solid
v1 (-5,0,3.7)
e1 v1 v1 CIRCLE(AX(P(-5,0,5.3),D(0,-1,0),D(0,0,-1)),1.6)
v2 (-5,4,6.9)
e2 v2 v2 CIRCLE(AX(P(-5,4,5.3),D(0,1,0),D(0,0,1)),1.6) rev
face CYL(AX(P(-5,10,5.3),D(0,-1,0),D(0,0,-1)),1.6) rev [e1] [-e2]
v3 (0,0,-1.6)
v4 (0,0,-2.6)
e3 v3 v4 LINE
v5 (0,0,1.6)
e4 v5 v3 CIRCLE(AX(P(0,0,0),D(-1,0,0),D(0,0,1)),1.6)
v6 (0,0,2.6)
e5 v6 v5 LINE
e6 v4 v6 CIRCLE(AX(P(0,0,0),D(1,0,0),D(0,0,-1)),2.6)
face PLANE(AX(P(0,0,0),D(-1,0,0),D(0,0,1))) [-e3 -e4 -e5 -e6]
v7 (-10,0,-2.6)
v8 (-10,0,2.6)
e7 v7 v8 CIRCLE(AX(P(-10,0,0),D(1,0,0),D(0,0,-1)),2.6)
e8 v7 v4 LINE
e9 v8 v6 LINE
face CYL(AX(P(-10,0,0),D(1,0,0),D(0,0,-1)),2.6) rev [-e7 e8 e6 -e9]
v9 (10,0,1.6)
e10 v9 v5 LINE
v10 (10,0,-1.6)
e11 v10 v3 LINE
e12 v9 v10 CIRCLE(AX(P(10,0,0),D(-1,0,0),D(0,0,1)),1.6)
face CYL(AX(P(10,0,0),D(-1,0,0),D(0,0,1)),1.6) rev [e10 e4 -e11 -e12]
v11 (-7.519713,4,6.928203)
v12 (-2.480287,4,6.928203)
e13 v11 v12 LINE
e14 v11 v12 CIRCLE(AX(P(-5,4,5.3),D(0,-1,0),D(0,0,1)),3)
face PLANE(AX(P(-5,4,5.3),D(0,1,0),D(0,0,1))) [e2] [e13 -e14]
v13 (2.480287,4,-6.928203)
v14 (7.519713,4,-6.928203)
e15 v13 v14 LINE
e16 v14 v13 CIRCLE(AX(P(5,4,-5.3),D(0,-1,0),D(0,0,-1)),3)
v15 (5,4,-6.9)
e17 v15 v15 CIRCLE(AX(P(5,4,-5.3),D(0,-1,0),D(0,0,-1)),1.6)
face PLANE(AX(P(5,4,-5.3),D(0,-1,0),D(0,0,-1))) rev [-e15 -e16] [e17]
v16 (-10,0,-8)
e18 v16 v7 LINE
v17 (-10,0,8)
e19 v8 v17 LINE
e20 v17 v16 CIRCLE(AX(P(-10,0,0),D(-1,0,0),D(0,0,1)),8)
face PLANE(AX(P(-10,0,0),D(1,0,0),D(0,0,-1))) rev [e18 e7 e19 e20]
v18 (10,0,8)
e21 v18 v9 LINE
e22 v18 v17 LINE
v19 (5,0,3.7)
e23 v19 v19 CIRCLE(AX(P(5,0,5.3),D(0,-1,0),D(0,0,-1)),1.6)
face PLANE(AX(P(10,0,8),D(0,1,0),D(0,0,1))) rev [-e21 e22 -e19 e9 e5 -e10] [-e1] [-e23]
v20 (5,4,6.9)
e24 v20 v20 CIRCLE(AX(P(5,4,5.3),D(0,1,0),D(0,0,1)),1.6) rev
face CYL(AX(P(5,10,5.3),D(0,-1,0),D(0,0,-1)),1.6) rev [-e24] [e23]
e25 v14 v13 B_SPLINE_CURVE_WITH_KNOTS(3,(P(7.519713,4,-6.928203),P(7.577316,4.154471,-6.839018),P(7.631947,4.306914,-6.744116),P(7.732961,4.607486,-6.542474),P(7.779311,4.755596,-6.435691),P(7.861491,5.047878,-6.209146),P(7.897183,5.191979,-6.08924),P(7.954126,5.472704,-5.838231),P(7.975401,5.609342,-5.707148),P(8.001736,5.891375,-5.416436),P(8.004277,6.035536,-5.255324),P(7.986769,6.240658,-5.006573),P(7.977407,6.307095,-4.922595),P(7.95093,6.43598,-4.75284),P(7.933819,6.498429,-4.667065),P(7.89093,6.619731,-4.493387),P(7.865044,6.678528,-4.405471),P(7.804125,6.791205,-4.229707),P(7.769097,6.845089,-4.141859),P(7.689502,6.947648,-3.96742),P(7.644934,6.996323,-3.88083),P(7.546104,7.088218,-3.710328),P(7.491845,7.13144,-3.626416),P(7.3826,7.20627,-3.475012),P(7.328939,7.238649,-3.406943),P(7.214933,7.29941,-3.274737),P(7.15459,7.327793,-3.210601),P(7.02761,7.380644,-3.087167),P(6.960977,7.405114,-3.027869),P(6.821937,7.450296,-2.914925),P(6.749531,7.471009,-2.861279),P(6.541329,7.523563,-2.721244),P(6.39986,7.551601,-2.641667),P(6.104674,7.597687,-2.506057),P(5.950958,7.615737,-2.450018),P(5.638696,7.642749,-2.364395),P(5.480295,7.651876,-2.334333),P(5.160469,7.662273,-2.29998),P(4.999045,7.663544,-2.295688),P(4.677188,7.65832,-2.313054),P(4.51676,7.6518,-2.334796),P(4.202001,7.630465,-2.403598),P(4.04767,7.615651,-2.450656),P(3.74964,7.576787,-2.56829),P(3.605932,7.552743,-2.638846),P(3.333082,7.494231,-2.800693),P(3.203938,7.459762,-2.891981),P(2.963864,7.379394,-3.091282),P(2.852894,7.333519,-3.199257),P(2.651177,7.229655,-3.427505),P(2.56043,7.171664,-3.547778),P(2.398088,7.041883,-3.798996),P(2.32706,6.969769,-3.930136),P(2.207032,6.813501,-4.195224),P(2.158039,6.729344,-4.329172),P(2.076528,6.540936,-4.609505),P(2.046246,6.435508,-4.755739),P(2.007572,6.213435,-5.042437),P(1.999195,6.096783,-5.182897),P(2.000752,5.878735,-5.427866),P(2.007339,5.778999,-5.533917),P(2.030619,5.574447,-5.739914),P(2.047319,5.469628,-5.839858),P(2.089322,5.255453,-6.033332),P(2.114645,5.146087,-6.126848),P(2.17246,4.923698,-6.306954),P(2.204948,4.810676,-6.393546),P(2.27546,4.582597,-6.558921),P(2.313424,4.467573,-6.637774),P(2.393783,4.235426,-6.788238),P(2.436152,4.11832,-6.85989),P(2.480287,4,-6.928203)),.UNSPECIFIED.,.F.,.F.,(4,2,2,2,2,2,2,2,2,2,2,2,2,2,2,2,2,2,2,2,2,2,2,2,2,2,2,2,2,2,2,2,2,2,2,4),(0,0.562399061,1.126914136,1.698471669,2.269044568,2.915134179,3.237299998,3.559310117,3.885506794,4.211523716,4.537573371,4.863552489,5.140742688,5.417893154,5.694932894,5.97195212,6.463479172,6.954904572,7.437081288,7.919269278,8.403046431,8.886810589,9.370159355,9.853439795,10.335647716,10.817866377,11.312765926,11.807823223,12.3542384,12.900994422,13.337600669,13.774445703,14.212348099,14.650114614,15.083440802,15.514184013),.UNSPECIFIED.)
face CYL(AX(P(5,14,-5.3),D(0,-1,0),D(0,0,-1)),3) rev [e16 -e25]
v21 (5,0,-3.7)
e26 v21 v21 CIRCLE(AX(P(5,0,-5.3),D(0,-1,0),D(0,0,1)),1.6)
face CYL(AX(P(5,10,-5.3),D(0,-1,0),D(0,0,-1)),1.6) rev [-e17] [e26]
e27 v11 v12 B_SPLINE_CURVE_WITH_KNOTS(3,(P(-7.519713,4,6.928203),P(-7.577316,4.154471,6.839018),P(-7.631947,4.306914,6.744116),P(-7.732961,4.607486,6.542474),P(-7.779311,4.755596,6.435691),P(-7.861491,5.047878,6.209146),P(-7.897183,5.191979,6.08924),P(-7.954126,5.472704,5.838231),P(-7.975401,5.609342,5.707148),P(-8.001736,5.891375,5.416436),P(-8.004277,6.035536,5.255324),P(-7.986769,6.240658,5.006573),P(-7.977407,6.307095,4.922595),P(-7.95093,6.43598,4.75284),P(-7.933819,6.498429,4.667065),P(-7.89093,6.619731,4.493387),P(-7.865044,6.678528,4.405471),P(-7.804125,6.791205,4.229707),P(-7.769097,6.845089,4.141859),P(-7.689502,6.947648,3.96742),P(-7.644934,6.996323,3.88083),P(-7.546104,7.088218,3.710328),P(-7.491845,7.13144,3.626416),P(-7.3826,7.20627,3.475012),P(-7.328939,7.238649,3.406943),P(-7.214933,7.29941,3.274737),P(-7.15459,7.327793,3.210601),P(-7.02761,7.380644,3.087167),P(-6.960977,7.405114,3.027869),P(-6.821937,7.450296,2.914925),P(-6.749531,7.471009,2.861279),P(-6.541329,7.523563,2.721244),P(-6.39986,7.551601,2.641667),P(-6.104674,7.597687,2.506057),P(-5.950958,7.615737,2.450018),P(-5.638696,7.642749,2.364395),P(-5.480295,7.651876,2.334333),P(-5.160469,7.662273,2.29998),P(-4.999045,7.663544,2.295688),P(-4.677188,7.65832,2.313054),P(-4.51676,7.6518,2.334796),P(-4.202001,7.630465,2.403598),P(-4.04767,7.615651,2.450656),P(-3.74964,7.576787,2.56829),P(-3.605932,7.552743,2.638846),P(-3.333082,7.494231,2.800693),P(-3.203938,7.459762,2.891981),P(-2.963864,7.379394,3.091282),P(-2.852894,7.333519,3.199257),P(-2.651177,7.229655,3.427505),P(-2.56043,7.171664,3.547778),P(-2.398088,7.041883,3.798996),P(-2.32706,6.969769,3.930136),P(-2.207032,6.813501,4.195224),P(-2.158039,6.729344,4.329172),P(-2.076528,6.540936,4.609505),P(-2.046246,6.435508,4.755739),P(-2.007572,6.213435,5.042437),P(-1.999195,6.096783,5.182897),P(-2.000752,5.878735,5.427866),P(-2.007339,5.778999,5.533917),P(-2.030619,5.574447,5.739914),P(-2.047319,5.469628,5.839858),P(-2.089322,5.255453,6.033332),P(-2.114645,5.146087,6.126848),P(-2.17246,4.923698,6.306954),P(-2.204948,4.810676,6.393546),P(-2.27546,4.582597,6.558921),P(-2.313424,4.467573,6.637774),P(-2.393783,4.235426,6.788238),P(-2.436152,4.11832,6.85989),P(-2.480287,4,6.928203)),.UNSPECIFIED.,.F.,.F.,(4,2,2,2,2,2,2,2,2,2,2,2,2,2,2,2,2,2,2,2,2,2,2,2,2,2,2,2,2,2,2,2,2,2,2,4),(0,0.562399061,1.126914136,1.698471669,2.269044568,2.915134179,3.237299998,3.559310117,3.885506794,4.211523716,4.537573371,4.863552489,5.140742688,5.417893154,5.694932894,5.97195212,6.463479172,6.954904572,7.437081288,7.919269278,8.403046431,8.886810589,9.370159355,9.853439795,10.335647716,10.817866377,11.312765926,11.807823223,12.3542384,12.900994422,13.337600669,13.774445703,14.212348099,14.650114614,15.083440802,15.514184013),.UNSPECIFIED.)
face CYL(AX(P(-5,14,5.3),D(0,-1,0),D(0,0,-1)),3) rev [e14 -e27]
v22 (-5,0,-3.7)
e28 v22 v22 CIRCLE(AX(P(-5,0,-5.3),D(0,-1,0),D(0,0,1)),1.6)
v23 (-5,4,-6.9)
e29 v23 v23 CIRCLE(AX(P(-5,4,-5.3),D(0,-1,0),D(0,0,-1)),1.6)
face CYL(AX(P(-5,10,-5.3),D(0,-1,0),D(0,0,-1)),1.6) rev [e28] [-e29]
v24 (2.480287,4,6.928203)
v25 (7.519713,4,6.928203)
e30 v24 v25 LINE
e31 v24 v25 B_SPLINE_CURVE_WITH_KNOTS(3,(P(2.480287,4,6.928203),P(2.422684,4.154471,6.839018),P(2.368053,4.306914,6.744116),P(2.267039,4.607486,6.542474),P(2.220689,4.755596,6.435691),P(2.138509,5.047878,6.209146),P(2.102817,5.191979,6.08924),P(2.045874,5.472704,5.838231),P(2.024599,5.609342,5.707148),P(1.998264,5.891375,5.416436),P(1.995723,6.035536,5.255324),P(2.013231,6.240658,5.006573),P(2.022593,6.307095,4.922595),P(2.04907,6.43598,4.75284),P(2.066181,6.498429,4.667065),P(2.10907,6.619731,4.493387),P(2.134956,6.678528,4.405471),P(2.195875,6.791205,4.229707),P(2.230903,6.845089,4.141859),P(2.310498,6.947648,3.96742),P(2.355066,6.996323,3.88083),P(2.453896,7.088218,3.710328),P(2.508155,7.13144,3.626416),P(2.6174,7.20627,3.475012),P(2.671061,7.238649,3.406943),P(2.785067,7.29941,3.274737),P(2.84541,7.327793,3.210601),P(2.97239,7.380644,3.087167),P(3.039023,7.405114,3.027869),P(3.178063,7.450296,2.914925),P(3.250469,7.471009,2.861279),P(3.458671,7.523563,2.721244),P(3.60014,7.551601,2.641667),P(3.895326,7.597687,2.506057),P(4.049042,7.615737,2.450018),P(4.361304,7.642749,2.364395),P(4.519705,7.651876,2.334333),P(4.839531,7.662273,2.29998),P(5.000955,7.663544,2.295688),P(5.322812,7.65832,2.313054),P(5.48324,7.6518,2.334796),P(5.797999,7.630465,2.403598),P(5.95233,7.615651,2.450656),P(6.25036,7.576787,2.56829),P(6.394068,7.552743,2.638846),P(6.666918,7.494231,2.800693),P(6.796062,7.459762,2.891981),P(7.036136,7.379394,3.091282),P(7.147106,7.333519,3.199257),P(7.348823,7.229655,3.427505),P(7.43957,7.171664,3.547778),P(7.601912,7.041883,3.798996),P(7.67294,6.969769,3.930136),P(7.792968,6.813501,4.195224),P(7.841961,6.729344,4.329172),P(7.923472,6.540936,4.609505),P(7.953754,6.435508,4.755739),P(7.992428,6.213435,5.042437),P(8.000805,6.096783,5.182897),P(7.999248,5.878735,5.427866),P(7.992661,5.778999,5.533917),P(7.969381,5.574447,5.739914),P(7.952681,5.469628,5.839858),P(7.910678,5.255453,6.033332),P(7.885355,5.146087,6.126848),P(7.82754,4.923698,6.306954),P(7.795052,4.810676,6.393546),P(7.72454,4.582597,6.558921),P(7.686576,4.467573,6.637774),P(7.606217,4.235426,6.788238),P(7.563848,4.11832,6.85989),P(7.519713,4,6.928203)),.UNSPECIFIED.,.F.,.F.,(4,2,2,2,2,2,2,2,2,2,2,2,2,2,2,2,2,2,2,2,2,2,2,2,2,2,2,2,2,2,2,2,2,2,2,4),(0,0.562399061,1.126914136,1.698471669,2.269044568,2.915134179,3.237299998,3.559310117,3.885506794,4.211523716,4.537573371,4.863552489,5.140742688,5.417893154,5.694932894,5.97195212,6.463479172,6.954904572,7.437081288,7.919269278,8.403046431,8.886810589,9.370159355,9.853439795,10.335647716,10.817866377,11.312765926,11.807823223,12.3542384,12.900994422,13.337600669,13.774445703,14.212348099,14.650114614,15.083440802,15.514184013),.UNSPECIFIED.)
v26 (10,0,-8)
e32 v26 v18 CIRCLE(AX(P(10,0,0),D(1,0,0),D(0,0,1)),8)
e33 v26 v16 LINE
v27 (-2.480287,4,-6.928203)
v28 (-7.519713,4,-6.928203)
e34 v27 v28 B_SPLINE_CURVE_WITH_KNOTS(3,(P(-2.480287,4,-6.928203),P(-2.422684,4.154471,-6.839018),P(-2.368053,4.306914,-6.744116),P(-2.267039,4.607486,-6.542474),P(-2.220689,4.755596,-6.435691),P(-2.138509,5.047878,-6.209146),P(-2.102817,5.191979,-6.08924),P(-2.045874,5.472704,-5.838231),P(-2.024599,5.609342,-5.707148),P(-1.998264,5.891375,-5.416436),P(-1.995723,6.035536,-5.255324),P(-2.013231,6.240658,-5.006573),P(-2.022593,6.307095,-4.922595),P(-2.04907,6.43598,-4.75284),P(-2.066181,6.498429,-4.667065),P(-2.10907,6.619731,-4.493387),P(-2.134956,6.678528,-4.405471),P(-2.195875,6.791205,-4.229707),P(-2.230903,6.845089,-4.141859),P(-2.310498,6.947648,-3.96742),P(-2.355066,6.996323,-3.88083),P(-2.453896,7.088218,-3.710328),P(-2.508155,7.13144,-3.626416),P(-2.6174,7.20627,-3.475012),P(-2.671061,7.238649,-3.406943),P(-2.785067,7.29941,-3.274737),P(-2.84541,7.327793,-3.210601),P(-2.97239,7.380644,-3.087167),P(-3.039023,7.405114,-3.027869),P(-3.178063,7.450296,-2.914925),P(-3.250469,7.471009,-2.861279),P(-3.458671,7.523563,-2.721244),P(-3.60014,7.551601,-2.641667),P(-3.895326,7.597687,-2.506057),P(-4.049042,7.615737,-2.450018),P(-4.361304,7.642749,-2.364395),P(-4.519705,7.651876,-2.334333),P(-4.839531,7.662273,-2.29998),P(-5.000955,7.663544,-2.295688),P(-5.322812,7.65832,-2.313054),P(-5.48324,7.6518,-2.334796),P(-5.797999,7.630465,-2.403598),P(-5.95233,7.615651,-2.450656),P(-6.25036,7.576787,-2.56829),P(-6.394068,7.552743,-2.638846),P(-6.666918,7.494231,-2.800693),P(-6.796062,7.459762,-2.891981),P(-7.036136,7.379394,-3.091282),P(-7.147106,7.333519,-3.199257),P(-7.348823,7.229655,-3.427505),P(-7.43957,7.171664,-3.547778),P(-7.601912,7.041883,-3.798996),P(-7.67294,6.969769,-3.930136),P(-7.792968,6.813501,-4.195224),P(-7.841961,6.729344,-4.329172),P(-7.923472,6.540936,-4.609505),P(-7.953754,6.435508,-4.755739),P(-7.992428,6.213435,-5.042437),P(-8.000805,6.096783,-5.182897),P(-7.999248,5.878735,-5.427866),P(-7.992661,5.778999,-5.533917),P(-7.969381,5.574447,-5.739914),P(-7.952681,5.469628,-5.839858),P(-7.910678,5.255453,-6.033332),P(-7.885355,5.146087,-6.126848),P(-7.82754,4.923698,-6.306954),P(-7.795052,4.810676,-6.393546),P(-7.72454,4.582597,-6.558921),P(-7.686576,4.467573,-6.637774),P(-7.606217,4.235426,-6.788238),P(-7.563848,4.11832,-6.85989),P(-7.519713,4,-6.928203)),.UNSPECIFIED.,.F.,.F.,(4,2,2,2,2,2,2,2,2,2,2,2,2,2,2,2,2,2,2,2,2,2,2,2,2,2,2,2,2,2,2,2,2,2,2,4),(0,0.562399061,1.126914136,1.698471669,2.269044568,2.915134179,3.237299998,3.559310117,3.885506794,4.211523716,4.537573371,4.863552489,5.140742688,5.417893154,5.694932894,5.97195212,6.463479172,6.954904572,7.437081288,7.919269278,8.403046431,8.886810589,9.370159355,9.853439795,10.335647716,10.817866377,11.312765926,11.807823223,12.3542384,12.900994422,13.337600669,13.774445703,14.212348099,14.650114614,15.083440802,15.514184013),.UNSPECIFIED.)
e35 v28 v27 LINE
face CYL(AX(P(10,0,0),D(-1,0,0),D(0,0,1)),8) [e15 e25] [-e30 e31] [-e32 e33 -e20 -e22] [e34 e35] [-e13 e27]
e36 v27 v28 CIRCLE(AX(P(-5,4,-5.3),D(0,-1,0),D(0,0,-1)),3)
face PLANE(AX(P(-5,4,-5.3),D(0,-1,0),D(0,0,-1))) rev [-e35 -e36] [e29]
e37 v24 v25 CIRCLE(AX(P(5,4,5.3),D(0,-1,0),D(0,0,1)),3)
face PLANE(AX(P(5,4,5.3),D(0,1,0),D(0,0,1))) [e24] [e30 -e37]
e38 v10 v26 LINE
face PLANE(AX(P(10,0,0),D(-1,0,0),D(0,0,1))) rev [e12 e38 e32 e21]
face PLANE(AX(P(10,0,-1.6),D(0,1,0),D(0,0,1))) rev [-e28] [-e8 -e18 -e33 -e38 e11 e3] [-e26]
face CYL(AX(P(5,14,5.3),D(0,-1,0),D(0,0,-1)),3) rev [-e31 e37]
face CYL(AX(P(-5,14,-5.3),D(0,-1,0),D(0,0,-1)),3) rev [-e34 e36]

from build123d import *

# Parameters (mm, degrees)
BOSS_EXTRUDE1_DEPTH = 10
BOSS_EXTRUDE2_DEPTH = 10
SKETCH4_R           = 1.6
CUT_EXTRUDE1_DEPTH  = 10
SKETCH5_R           = 3
SKETCH5_R_2         = 1.6
CUT_EXTRUDE2_DEPTH  = 10


with BuildPart() as part:
    # Sketch2 → Boss-Extrude1 (new body)
    with BuildSketch(Plane(origin=(0, 0, 0), x_dir=(0, 0, -1), z_dir=(1, 0, 0))):
        with BuildLine():
            Line((-8, 0), (-1.6, 0))
            ThreePointArc((-1.6, 0), (0, 1.6), (1.6, 0))
            Line((1.6, 0), (8, 0))
            ThreePointArc((8, 0), (0, 8), (-8, 0))
        make_face()
    extrude(amount=BOSS_EXTRUDE1_DEPTH)

    # Sketch3 → Boss-Extrude2 (add)
    with BuildSketch(Plane.ZY):
        with BuildLine():
            Line((-8, 0), (-2.6, 0))
            ThreePointArc((-2.6, 0), (0, 2.6), (2.6, 0))
            Line((2.6, 0), (8, 0))
            ThreePointArc((8, 0), (0, 8), (-8, 0))
        make_face()
    extrude(amount=BOSS_EXTRUDE2_DEPTH)

    # Sketch4 → Cut-Extrude1 (cut)
    with BuildSketch(Plane.XZ):
        with Locations((-5, 5.3)):
            Circle(SKETCH4_R)
        with Locations((5, 5.3)):
            Circle(SKETCH4_R)
        with Locations((-5, -5.3)):
            Circle(SKETCH4_R)
        with Locations((5, -5.3)):
            Circle(SKETCH4_R)
    extrude(amount=-CUT_EXTRUDE1_DEPTH, mode=Mode.SUBTRACT)

    # Sketch5 → Cut-Extrude2 (cut)
    with BuildSketch(Plane(origin=(0, 4, 0), x_dir=(-1, 0, 0), z_dir=(0, -1, 0))):
        with Locations((-5, 5.3)):
            Circle(SKETCH5_R)
        with Locations((-5, 5.3)):
            Circle(SKETCH5_R_2, mode=Mode.SUBTRACT)
        with Locations((5, 5.3)):
            Circle(SKETCH5_R)
        with Locations((5, 5.3)):
            Circle(SKETCH5_R_2, mode=Mode.SUBTRACT)
        with Locations((5, -5.3)):
            Circle(SKETCH5_R)
        with Locations((-5, -5.3)):
            Circle(SKETCH5_R)
    extrude(amount=-CUT_EXTRUDE2_DEPTH, mode=Mode.SUBTRACT)


solid = part.part
